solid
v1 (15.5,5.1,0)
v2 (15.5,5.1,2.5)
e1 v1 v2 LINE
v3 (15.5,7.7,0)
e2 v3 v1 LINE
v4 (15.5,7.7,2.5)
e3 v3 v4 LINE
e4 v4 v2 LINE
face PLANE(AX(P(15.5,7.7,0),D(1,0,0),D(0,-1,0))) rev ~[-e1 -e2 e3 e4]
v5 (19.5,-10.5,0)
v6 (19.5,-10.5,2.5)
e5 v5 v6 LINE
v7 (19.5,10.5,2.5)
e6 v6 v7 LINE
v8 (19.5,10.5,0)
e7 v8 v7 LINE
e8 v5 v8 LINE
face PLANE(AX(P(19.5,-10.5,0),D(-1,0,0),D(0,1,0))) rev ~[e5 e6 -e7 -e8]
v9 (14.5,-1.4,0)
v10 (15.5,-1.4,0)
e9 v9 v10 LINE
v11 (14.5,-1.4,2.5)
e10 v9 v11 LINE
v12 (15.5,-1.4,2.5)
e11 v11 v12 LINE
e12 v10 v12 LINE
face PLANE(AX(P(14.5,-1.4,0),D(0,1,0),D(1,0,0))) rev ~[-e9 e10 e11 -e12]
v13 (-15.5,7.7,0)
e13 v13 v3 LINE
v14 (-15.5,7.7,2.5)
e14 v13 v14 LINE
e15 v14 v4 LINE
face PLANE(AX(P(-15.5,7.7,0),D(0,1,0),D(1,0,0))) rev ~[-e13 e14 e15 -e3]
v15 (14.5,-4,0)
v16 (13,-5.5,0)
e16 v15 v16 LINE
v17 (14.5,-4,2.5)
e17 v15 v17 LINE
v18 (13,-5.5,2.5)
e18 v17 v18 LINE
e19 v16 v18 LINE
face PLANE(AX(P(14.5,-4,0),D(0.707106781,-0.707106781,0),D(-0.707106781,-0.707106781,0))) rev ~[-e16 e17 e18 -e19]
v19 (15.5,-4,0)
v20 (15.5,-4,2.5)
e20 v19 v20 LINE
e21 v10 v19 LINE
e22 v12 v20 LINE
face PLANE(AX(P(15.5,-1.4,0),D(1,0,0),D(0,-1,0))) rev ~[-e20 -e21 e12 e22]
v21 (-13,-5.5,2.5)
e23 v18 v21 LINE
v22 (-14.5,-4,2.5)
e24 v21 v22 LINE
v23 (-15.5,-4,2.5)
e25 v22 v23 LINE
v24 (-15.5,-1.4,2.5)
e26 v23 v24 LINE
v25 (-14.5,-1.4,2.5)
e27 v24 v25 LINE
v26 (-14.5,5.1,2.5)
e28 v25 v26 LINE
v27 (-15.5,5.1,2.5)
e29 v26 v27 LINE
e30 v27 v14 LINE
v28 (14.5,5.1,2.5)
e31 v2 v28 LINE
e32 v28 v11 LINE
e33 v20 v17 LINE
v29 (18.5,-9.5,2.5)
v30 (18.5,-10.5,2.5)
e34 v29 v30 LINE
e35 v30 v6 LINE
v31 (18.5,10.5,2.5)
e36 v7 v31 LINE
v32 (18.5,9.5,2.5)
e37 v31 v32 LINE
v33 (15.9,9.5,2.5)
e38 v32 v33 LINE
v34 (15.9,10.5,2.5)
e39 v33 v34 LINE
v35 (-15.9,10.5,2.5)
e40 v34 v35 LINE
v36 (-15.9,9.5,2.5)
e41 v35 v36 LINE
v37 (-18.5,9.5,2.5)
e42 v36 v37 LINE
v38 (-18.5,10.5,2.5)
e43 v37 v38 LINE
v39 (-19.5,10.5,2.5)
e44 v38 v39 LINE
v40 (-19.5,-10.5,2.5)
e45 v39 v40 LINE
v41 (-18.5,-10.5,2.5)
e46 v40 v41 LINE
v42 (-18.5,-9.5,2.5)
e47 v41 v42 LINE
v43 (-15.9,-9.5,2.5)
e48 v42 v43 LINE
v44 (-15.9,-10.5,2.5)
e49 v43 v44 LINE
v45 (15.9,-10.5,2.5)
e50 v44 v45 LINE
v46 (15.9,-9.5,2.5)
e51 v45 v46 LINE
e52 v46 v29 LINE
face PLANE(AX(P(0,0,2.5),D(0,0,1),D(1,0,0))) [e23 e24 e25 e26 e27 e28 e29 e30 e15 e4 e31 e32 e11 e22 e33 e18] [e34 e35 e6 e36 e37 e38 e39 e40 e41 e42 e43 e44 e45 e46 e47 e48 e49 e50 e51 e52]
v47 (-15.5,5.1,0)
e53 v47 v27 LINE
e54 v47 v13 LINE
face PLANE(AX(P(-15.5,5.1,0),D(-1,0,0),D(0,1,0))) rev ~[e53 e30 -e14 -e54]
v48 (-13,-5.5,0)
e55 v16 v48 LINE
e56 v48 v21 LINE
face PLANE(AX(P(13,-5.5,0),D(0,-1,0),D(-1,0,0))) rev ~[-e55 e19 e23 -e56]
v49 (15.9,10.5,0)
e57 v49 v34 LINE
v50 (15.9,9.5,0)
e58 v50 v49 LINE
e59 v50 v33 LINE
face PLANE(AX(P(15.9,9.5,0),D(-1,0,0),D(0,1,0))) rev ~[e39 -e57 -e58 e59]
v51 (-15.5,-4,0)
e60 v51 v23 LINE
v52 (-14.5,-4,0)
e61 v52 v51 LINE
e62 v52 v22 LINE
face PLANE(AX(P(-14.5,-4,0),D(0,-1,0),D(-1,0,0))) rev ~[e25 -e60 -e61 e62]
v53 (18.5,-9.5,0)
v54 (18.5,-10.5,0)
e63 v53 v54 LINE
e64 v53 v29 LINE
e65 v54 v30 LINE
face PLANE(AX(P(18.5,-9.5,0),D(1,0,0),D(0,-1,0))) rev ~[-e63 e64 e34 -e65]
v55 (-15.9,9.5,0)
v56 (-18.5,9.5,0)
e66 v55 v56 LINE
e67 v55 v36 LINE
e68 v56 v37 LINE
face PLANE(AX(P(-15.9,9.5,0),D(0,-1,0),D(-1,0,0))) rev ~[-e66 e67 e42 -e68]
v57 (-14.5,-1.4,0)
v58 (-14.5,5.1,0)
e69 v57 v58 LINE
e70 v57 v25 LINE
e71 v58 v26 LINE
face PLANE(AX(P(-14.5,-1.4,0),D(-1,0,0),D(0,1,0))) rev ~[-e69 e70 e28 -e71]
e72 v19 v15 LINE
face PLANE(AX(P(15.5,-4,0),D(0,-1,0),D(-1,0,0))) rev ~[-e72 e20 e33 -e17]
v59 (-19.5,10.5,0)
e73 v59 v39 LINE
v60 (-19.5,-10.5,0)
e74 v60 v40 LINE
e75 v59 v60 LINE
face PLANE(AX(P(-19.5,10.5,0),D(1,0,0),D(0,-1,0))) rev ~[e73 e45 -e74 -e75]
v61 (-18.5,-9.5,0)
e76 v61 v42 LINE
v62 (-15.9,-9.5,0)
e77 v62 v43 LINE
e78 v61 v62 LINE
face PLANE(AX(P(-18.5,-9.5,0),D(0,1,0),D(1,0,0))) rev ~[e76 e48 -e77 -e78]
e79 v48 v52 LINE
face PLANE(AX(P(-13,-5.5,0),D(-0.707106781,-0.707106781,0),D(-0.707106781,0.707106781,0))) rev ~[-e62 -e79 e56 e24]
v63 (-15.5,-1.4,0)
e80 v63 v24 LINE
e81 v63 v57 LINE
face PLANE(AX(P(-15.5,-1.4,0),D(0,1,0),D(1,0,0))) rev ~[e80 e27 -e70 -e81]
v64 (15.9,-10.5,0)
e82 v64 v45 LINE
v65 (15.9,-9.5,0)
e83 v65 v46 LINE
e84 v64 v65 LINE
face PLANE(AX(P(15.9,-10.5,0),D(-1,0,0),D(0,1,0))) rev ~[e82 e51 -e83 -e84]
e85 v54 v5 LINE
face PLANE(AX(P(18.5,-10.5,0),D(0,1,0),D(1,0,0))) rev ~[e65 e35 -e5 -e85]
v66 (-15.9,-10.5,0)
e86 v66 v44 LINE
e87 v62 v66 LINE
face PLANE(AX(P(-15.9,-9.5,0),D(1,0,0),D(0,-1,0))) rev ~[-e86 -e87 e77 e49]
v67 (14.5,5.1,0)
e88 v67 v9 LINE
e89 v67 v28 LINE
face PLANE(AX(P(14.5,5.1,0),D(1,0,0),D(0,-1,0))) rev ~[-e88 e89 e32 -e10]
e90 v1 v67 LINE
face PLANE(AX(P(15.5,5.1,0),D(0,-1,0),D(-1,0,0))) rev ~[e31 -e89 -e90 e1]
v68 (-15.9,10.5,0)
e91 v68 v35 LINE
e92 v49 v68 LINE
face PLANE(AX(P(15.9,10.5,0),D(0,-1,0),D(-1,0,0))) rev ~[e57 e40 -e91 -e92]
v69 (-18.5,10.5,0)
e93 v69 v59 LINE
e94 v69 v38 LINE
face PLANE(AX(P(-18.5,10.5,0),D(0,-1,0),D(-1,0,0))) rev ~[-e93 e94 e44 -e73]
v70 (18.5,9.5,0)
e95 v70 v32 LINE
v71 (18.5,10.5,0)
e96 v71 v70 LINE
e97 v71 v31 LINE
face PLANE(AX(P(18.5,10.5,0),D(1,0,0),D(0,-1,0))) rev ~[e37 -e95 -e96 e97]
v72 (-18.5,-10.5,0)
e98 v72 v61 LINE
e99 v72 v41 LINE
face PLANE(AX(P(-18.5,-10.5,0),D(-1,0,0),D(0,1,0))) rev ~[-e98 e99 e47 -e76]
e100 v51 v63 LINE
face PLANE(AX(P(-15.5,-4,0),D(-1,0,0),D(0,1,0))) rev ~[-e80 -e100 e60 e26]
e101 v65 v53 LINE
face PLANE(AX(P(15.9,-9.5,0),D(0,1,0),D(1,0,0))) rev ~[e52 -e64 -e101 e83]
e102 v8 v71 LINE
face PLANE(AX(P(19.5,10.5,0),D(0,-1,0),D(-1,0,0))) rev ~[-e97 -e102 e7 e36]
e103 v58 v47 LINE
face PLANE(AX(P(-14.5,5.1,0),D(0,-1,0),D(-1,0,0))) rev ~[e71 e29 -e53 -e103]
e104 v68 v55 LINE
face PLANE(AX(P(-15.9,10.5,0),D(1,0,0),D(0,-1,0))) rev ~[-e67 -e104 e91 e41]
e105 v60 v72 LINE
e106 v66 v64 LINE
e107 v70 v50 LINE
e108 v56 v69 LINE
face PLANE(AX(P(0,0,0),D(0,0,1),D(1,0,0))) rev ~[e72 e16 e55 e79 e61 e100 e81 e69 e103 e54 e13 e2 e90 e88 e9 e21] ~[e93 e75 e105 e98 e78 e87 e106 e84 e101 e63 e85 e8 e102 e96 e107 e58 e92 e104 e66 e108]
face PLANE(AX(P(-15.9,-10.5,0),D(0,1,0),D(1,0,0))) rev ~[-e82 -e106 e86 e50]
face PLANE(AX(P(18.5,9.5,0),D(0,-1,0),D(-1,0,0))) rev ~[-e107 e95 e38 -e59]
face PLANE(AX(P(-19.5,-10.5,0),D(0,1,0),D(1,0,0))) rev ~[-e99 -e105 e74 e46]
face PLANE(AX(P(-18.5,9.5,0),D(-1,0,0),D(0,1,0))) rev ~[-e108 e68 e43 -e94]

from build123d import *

# Parameters (mm, degrees)
F1_DEPTH = 2.5


with BuildPart() as f1:
    # F0 (on Top) → F1 (new body)
    with BuildSketch(Plane.XY):
        Polygon((18.5, -10.5), (19.5, -10.5), (19.5, 10.5), (18.5, 10.5), (18.5, 9.5), (15.9, 9.5), (15.9, 10.5), (-15.9, 10.5), (-15.9, 9.5), (-18.5, 9.5), (-18.5, 10.5), (-19.5, 10.5), (-19.5, -10.5), (-18.5, -10.5), (-18.5, -9.5), (-15.9, -9.5), (-15.9, -10.5), (15.9, -10.5), (15.9, -9.5), (18.5, -9.5), align=None)
        Polygon((-14.5, -1.4), (-14.5, 5.1), (-15.5, 5.1), (-15.5, 7.7), (15.5, 7.7), (15.5, 5.1), (14.5, 5.1), (14.5, -1.4), (15.5, -1.4), (15.5, -4), (14.5, -4), (13, -5.5), (-13, -5.5), (-14.5, -4), (-15.5, -4), (-15.5, -1.4), align=None, mode=Mode.SUBTRACT)
    extrude(amount=F1_DEPTH)


solid = f1.part
